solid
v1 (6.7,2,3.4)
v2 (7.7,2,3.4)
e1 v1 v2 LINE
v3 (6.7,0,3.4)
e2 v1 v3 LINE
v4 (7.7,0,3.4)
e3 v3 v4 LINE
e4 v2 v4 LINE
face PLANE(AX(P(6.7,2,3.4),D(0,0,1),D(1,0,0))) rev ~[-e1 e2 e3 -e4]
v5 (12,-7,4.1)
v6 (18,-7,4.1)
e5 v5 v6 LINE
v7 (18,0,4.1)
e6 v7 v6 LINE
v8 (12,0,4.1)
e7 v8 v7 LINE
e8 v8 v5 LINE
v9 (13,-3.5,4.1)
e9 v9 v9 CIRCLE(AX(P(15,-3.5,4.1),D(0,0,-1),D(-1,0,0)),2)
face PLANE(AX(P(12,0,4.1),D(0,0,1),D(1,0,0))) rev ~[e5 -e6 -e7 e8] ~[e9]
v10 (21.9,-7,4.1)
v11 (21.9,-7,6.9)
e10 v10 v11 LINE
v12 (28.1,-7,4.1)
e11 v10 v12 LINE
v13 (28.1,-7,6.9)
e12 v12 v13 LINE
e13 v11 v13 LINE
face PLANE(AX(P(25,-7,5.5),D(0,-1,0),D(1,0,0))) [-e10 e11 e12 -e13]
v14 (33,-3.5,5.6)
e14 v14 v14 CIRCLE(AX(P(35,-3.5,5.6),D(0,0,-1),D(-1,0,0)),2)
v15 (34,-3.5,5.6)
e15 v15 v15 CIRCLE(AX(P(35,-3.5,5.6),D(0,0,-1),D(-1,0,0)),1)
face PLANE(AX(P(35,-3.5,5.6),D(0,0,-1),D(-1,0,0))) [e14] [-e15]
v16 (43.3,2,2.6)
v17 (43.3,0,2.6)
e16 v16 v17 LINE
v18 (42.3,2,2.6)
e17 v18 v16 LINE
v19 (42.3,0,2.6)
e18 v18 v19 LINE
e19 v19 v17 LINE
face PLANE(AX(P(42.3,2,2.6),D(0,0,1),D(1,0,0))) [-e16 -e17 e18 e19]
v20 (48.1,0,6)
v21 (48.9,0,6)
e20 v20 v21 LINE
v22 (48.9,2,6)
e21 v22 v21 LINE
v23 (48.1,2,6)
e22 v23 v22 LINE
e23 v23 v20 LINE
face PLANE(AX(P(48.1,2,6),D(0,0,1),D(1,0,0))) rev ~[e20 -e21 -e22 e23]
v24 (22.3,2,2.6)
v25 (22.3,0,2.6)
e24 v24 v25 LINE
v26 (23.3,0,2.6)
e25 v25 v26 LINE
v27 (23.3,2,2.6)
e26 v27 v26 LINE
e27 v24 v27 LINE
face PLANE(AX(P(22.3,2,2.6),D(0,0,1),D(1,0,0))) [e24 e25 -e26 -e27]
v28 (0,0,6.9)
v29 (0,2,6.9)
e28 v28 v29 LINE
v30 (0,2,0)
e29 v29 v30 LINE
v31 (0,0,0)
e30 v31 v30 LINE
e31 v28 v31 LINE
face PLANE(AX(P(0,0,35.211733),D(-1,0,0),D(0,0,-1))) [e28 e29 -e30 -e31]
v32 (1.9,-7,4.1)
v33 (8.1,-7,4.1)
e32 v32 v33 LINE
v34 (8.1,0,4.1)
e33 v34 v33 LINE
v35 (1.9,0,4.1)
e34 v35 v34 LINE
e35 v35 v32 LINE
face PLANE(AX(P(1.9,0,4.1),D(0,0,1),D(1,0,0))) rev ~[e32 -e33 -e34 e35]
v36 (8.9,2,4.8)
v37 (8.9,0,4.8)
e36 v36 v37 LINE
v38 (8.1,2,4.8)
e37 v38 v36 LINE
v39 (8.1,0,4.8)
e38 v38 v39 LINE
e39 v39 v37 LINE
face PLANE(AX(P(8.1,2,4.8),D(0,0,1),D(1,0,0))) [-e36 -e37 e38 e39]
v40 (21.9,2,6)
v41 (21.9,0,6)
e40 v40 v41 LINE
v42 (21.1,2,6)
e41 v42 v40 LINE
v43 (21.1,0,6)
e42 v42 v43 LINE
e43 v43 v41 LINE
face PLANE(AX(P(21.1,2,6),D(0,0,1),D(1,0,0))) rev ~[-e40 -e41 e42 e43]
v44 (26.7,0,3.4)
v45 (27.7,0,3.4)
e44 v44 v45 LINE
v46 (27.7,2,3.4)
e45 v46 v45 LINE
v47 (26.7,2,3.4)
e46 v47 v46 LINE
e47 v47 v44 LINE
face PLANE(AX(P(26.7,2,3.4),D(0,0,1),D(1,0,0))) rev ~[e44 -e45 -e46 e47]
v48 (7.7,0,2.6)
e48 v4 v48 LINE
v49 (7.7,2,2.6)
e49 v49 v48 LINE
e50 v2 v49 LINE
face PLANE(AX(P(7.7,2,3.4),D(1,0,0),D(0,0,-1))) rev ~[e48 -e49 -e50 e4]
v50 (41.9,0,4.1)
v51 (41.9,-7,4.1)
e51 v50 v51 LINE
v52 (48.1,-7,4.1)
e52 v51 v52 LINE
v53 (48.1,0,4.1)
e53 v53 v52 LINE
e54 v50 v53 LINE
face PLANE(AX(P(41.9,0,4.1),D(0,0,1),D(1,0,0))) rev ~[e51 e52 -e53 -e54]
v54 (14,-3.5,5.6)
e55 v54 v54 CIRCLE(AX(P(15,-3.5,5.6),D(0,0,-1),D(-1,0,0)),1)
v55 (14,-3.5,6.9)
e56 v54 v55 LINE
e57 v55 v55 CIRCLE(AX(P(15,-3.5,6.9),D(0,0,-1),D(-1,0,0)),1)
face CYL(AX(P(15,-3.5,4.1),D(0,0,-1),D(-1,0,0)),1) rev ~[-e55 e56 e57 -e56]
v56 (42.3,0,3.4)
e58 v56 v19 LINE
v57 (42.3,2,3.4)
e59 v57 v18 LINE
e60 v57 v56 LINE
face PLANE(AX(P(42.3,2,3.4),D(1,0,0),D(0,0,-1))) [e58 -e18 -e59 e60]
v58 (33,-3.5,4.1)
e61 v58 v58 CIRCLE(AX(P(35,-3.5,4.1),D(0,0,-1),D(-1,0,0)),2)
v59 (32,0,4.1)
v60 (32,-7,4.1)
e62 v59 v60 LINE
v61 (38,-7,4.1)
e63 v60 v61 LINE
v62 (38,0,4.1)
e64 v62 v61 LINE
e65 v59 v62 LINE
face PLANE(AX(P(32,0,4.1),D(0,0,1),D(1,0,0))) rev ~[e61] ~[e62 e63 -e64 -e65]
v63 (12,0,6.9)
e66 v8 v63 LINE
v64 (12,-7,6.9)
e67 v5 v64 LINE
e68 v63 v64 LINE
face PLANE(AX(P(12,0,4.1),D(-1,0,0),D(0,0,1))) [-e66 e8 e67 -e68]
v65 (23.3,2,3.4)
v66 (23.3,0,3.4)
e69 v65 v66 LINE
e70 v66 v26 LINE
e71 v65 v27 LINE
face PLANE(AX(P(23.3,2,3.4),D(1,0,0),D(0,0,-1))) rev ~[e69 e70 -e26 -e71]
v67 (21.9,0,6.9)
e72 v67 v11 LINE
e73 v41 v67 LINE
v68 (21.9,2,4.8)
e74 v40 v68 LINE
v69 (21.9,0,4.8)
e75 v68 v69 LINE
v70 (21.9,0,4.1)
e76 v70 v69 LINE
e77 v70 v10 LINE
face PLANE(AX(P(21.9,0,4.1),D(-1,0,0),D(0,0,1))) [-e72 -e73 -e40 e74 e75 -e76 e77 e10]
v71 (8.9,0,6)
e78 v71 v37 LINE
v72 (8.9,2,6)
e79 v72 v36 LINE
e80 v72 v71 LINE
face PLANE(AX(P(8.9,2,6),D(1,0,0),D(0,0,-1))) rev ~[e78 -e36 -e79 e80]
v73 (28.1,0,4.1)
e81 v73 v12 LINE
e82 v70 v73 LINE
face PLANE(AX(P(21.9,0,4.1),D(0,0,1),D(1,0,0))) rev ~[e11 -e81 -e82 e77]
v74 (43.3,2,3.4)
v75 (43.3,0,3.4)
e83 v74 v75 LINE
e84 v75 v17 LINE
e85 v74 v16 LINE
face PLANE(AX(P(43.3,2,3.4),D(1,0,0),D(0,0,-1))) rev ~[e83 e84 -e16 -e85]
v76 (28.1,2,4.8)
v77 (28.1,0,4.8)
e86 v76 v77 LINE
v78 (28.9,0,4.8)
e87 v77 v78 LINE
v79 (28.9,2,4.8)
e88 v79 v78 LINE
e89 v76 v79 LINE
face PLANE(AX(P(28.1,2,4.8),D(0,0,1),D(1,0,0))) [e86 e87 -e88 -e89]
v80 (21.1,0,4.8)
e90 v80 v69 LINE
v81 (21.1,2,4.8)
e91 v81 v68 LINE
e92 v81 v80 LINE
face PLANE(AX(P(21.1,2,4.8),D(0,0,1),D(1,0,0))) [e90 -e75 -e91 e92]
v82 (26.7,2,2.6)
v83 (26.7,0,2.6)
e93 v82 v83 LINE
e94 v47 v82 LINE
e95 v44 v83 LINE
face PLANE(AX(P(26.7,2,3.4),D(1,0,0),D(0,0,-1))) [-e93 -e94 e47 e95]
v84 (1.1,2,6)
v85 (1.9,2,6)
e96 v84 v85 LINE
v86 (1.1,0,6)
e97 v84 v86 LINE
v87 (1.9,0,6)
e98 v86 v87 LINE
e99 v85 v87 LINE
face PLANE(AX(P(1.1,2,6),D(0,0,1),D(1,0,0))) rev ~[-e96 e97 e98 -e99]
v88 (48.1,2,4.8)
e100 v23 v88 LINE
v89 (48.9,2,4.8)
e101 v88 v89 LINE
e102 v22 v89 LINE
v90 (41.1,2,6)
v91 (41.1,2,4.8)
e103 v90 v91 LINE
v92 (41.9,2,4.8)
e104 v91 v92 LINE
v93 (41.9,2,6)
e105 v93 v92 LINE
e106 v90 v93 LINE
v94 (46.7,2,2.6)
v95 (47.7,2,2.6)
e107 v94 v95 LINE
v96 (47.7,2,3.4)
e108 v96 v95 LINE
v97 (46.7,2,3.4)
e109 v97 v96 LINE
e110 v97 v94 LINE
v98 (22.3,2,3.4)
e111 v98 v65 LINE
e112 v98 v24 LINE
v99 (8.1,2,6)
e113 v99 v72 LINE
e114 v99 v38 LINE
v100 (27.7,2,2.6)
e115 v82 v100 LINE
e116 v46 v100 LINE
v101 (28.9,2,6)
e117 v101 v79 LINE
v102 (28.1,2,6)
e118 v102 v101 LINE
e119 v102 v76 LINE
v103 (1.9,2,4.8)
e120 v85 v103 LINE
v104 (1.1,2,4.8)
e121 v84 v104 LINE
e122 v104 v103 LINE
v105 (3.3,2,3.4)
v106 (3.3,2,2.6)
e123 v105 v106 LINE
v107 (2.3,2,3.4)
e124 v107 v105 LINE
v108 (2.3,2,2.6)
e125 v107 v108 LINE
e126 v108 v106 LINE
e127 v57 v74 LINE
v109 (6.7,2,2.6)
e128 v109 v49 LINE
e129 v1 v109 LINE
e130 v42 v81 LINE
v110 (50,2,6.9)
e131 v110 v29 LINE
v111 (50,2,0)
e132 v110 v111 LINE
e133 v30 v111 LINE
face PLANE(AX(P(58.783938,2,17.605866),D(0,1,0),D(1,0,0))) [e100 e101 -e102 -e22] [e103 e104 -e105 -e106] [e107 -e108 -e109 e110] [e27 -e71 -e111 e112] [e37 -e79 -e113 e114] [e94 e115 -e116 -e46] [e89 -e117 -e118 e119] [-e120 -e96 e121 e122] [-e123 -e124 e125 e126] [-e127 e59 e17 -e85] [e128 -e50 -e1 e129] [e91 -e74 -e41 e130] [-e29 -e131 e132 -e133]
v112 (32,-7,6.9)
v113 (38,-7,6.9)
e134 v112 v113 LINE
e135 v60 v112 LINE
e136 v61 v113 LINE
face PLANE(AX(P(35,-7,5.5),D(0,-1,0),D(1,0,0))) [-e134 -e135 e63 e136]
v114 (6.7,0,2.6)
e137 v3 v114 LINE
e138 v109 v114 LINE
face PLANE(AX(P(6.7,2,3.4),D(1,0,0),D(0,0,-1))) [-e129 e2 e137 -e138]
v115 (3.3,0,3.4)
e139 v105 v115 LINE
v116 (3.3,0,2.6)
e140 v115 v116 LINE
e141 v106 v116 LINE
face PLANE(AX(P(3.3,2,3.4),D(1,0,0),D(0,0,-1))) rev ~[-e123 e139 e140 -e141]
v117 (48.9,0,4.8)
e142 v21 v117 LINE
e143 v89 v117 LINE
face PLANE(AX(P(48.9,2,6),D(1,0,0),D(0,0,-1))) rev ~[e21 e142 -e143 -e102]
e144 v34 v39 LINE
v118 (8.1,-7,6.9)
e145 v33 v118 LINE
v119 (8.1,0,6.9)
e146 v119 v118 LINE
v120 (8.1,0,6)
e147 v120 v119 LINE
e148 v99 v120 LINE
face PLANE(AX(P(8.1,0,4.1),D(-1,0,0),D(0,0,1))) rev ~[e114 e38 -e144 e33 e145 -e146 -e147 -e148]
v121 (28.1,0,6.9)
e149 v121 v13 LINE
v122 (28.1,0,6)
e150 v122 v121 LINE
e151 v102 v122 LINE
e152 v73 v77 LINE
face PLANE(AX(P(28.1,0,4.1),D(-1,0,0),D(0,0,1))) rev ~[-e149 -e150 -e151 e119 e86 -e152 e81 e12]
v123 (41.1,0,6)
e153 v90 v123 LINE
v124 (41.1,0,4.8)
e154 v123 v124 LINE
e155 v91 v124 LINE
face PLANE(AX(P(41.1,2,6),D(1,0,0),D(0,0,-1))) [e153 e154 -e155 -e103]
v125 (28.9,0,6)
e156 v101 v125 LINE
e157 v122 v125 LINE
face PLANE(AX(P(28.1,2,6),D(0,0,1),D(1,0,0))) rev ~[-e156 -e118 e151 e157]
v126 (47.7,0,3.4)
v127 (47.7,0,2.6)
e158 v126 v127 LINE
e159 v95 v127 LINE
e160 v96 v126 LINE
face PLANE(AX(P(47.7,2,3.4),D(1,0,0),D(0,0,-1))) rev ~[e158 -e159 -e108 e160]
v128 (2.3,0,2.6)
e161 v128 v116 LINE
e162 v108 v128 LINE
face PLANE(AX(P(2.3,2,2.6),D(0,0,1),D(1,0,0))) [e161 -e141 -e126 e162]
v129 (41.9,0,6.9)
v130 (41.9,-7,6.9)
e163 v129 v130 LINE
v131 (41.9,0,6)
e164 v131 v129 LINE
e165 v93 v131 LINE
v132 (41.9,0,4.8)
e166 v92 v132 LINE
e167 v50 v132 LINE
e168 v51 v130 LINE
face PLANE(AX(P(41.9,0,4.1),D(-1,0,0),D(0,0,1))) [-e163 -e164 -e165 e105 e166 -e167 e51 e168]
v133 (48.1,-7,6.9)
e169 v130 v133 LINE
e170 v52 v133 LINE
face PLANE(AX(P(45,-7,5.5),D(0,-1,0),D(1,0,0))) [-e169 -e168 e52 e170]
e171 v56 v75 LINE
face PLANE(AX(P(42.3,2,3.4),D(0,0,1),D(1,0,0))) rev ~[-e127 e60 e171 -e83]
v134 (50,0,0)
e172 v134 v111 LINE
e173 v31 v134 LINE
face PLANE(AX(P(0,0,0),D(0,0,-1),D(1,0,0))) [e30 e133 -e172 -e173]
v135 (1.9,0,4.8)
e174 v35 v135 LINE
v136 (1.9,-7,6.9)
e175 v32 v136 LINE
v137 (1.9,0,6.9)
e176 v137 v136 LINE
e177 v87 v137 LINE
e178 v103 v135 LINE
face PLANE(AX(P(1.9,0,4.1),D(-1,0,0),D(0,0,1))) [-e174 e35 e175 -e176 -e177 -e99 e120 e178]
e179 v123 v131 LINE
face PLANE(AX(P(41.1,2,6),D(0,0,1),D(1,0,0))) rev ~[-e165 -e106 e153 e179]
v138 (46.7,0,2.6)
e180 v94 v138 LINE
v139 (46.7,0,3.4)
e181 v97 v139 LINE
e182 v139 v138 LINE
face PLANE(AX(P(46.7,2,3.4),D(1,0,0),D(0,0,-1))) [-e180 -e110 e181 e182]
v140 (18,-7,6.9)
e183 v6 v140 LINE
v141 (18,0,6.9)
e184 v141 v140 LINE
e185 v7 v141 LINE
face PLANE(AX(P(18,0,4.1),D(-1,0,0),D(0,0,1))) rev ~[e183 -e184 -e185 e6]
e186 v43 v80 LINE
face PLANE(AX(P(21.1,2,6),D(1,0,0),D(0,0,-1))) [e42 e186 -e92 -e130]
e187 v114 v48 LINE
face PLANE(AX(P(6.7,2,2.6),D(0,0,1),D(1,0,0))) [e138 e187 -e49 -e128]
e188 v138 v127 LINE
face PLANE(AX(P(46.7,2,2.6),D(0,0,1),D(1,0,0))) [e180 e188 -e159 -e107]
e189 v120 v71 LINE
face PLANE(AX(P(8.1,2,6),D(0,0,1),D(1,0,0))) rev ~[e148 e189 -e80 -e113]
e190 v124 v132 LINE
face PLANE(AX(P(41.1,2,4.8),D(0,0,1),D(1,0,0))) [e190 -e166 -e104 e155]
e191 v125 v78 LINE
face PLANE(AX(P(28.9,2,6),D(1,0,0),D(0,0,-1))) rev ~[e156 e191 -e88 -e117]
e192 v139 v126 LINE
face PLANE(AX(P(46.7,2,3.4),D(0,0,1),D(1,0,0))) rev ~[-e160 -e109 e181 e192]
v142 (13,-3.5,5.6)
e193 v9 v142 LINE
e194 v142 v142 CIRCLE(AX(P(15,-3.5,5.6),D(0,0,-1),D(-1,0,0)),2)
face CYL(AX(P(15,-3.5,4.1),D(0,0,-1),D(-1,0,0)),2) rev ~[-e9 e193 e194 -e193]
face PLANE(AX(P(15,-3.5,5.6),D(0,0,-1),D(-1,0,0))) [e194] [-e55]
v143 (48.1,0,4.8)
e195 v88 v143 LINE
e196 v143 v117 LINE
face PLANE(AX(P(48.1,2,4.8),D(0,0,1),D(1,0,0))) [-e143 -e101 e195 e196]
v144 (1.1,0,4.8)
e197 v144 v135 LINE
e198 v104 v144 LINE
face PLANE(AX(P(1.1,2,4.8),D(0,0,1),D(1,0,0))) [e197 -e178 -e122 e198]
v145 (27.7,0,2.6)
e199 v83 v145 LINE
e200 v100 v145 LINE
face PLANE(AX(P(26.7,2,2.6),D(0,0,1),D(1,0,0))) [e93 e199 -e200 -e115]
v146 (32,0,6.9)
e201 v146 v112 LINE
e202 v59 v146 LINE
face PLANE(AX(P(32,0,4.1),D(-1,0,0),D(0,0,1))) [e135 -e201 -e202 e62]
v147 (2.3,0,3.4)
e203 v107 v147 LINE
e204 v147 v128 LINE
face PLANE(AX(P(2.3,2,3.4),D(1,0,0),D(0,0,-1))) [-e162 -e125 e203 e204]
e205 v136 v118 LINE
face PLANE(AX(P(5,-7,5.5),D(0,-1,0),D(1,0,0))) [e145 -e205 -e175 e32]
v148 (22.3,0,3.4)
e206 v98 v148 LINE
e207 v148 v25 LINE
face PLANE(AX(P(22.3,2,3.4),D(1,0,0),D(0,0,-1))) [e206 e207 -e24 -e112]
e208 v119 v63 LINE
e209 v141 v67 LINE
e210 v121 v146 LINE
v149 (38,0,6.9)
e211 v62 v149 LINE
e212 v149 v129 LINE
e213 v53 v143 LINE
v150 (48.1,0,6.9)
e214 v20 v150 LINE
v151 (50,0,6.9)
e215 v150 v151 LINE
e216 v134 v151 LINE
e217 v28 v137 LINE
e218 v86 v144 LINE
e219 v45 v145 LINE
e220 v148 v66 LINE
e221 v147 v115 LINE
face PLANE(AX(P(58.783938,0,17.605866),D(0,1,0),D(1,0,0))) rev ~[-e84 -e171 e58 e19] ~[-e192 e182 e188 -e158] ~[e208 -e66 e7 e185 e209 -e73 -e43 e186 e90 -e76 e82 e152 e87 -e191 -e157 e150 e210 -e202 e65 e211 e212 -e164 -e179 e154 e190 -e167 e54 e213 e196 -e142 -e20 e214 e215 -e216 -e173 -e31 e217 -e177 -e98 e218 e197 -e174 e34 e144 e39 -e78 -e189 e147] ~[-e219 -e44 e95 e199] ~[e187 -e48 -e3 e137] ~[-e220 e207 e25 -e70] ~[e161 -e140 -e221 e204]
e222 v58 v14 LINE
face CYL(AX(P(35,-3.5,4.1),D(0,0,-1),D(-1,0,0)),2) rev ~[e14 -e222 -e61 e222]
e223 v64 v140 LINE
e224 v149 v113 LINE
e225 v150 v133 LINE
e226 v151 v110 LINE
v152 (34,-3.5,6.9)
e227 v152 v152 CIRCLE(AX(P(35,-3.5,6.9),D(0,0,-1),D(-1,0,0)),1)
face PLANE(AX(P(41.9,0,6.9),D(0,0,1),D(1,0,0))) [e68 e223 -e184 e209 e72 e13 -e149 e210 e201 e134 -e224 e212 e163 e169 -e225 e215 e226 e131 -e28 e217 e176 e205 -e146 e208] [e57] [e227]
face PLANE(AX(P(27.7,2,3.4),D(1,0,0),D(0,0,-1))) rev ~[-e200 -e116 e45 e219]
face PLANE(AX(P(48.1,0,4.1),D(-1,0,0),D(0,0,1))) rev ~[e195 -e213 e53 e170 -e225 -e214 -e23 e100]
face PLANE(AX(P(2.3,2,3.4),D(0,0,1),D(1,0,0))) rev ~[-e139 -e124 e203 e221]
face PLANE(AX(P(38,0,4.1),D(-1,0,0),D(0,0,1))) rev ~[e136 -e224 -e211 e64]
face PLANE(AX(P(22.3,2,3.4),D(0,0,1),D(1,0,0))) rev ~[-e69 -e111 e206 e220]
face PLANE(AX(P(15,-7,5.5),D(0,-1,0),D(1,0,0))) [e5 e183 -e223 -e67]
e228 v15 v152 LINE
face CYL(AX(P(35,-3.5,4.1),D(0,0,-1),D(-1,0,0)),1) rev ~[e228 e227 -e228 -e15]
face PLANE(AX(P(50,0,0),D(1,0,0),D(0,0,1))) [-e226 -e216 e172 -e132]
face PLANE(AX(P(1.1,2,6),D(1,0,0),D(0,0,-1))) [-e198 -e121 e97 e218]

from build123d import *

# Parameters (mm, degrees)
SKETCH_1_W             = 117.567875581
SKETCH_1_H             = 35.211732604
EXTRUDE_1_DEPTH        = 2
SKETCH_3_W             = 0.8
SKETCH_3_H             = 1.2
SKETCH_3_W_2           = 1
SKETCH_3_H_2           = 0.8
CUT_EXTRUDE_1_DEPTH    = 123.743926455
PATTERN_LINEAR_1_COUNT = 3
PATTERN_LINEAR_1_PITCH = 20
SKETCH_4_OUTSIDE_W     = 144.116
SKETCH_4_OUTSIDE_H     = 61.76
SKETCH_4_OUTSIDE_W_2   = 50
SKETCH_4_OUTSIDE_H_2   = 6.9
CUT_EXTRUDE_2_DEPTH    = 123.743926455
SKETCH_5_W             = 6.2
SKETCH_5_H             = 2.8
SKETCH_5_W_2           = 6
EXTRUDE_2_DEPTH        = 7
SKETCH_6_R             = 2
CUT_EXTRUDE_3_DEPTH    = 1.5
SKETCH_6_3_R           = 1
CUT_EXTRUDE_4_DEPTH    = 51.653825127


with BuildPart() as part:
    # 草图1 → 凸台-拉伸1 (new body)
    with BuildSketch(Plane(origin=(0, 0, 0), x_dir=(1, 0, 0), z_dir=(0, 1, 0))):
        with Locations((58.783937791, -17.605866302)):
            Rectangle(SKETCH_1_W, SKETCH_1_H)
    extrude(amount=EXTRUDE_1_DEPTH)

    # 草图3 → 切除-拉伸1 (cut, through all)
    with BuildSketch(Plane(origin=(0, 2, 0), x_dir=(1, 0, 0), z_dir=(0, 1, 0))):
        with Locations((1.5, -5.4)):
            Rectangle(SKETCH_3_W, SKETCH_3_H)
        with Locations((8.5, -5.4)):
            Rectangle(SKETCH_3_W, SKETCH_3_H)
        with Locations((2.8, -3)):
            Rectangle(SKETCH_3_W_2, SKETCH_3_H_2)
        with Locations((7.2, -3)):
            Rectangle(SKETCH_3_W_2, SKETCH_3_H_2)
    cut_extrude_1 = extrude(amount=-CUT_EXTRUDE_1_DEPTH, mode=Mode.SUBTRACT)

    # 阵列(线性)1: 切除-拉伸1 ×3
    with Locations(*[(i * PATTERN_LINEAR_1_PITCH, 0, 0) for i in range(1, PATTERN_LINEAR_1_COUNT)]):
        add(cut_extrude_1, mode=Mode.SUBTRACT)

    # 草图4 outside → 切除-拉伸2 (cut, through all)
    with BuildSketch(Plane.XZ):
        with Locations((58.784, 17.606)):
            Rectangle(SKETCH_4_OUTSIDE_W, SKETCH_4_OUTSIDE_H)
        with Locations((25, 3.45)):
            Rectangle(SKETCH_4_OUTSIDE_W_2, SKETCH_4_OUTSIDE_H_2, mode=Mode.SUBTRACT)
    extrude(amount=-CUT_EXTRUDE_2_DEPTH, mode=Mode.SUBTRACT)

    # 草图5 → 凸台-拉伸2 (add)
    with BuildSketch(Plane.XZ):
        with Locations((45, 5.5)):
            Rectangle(SKETCH_5_W, SKETCH_5_H)
        with Locations((25, 5.5)):
            Rectangle(SKETCH_5_W, SKETCH_5_H)
        with Locations((5, 5.5)):
            Rectangle(SKETCH_5_W, SKETCH_5_H)
        with Locations((15, 5.5)):
            Rectangle(SKETCH_5_W_2, SKETCH_5_H)
        with Locations((35, 5.5)):
            Rectangle(SKETCH_5_W_2, SKETCH_5_H)
    extrude(amount=EXTRUDE_2_DEPTH)

    # 草图6 → 切除-拉伸3 (cut)
    with BuildSketch(Plane(origin=(0, 0, 4.1), x_dir=(-1, 0, 0), z_dir=(0, 0, -1))):
        with Locations((-35, -3.5)):
            Circle(SKETCH_6_R)
        with Locations((-15, -3.5)):
            Circle(SKETCH_6_R)
    extrude(amount=-CUT_EXTRUDE_3_DEPTH, mode=Mode.SUBTRACT)

    # 草图6<3> → 切除-拉伸4 (cut, through all)
    with BuildSketch(Plane(origin=(0, 0, 4.1), x_dir=(-1, 0, 0), z_dir=(0, 0, -1))):
        with Locations((-35, -3.5)):
            Circle(SKETCH_6_3_R)
        with Locations((-15, -3.5)):
            Circle(SKETCH_6_3_R)
    extrude(amount=-CUT_EXTRUDE_4_DEPTH, mode=Mode.SUBTRACT)


solid = part.part
